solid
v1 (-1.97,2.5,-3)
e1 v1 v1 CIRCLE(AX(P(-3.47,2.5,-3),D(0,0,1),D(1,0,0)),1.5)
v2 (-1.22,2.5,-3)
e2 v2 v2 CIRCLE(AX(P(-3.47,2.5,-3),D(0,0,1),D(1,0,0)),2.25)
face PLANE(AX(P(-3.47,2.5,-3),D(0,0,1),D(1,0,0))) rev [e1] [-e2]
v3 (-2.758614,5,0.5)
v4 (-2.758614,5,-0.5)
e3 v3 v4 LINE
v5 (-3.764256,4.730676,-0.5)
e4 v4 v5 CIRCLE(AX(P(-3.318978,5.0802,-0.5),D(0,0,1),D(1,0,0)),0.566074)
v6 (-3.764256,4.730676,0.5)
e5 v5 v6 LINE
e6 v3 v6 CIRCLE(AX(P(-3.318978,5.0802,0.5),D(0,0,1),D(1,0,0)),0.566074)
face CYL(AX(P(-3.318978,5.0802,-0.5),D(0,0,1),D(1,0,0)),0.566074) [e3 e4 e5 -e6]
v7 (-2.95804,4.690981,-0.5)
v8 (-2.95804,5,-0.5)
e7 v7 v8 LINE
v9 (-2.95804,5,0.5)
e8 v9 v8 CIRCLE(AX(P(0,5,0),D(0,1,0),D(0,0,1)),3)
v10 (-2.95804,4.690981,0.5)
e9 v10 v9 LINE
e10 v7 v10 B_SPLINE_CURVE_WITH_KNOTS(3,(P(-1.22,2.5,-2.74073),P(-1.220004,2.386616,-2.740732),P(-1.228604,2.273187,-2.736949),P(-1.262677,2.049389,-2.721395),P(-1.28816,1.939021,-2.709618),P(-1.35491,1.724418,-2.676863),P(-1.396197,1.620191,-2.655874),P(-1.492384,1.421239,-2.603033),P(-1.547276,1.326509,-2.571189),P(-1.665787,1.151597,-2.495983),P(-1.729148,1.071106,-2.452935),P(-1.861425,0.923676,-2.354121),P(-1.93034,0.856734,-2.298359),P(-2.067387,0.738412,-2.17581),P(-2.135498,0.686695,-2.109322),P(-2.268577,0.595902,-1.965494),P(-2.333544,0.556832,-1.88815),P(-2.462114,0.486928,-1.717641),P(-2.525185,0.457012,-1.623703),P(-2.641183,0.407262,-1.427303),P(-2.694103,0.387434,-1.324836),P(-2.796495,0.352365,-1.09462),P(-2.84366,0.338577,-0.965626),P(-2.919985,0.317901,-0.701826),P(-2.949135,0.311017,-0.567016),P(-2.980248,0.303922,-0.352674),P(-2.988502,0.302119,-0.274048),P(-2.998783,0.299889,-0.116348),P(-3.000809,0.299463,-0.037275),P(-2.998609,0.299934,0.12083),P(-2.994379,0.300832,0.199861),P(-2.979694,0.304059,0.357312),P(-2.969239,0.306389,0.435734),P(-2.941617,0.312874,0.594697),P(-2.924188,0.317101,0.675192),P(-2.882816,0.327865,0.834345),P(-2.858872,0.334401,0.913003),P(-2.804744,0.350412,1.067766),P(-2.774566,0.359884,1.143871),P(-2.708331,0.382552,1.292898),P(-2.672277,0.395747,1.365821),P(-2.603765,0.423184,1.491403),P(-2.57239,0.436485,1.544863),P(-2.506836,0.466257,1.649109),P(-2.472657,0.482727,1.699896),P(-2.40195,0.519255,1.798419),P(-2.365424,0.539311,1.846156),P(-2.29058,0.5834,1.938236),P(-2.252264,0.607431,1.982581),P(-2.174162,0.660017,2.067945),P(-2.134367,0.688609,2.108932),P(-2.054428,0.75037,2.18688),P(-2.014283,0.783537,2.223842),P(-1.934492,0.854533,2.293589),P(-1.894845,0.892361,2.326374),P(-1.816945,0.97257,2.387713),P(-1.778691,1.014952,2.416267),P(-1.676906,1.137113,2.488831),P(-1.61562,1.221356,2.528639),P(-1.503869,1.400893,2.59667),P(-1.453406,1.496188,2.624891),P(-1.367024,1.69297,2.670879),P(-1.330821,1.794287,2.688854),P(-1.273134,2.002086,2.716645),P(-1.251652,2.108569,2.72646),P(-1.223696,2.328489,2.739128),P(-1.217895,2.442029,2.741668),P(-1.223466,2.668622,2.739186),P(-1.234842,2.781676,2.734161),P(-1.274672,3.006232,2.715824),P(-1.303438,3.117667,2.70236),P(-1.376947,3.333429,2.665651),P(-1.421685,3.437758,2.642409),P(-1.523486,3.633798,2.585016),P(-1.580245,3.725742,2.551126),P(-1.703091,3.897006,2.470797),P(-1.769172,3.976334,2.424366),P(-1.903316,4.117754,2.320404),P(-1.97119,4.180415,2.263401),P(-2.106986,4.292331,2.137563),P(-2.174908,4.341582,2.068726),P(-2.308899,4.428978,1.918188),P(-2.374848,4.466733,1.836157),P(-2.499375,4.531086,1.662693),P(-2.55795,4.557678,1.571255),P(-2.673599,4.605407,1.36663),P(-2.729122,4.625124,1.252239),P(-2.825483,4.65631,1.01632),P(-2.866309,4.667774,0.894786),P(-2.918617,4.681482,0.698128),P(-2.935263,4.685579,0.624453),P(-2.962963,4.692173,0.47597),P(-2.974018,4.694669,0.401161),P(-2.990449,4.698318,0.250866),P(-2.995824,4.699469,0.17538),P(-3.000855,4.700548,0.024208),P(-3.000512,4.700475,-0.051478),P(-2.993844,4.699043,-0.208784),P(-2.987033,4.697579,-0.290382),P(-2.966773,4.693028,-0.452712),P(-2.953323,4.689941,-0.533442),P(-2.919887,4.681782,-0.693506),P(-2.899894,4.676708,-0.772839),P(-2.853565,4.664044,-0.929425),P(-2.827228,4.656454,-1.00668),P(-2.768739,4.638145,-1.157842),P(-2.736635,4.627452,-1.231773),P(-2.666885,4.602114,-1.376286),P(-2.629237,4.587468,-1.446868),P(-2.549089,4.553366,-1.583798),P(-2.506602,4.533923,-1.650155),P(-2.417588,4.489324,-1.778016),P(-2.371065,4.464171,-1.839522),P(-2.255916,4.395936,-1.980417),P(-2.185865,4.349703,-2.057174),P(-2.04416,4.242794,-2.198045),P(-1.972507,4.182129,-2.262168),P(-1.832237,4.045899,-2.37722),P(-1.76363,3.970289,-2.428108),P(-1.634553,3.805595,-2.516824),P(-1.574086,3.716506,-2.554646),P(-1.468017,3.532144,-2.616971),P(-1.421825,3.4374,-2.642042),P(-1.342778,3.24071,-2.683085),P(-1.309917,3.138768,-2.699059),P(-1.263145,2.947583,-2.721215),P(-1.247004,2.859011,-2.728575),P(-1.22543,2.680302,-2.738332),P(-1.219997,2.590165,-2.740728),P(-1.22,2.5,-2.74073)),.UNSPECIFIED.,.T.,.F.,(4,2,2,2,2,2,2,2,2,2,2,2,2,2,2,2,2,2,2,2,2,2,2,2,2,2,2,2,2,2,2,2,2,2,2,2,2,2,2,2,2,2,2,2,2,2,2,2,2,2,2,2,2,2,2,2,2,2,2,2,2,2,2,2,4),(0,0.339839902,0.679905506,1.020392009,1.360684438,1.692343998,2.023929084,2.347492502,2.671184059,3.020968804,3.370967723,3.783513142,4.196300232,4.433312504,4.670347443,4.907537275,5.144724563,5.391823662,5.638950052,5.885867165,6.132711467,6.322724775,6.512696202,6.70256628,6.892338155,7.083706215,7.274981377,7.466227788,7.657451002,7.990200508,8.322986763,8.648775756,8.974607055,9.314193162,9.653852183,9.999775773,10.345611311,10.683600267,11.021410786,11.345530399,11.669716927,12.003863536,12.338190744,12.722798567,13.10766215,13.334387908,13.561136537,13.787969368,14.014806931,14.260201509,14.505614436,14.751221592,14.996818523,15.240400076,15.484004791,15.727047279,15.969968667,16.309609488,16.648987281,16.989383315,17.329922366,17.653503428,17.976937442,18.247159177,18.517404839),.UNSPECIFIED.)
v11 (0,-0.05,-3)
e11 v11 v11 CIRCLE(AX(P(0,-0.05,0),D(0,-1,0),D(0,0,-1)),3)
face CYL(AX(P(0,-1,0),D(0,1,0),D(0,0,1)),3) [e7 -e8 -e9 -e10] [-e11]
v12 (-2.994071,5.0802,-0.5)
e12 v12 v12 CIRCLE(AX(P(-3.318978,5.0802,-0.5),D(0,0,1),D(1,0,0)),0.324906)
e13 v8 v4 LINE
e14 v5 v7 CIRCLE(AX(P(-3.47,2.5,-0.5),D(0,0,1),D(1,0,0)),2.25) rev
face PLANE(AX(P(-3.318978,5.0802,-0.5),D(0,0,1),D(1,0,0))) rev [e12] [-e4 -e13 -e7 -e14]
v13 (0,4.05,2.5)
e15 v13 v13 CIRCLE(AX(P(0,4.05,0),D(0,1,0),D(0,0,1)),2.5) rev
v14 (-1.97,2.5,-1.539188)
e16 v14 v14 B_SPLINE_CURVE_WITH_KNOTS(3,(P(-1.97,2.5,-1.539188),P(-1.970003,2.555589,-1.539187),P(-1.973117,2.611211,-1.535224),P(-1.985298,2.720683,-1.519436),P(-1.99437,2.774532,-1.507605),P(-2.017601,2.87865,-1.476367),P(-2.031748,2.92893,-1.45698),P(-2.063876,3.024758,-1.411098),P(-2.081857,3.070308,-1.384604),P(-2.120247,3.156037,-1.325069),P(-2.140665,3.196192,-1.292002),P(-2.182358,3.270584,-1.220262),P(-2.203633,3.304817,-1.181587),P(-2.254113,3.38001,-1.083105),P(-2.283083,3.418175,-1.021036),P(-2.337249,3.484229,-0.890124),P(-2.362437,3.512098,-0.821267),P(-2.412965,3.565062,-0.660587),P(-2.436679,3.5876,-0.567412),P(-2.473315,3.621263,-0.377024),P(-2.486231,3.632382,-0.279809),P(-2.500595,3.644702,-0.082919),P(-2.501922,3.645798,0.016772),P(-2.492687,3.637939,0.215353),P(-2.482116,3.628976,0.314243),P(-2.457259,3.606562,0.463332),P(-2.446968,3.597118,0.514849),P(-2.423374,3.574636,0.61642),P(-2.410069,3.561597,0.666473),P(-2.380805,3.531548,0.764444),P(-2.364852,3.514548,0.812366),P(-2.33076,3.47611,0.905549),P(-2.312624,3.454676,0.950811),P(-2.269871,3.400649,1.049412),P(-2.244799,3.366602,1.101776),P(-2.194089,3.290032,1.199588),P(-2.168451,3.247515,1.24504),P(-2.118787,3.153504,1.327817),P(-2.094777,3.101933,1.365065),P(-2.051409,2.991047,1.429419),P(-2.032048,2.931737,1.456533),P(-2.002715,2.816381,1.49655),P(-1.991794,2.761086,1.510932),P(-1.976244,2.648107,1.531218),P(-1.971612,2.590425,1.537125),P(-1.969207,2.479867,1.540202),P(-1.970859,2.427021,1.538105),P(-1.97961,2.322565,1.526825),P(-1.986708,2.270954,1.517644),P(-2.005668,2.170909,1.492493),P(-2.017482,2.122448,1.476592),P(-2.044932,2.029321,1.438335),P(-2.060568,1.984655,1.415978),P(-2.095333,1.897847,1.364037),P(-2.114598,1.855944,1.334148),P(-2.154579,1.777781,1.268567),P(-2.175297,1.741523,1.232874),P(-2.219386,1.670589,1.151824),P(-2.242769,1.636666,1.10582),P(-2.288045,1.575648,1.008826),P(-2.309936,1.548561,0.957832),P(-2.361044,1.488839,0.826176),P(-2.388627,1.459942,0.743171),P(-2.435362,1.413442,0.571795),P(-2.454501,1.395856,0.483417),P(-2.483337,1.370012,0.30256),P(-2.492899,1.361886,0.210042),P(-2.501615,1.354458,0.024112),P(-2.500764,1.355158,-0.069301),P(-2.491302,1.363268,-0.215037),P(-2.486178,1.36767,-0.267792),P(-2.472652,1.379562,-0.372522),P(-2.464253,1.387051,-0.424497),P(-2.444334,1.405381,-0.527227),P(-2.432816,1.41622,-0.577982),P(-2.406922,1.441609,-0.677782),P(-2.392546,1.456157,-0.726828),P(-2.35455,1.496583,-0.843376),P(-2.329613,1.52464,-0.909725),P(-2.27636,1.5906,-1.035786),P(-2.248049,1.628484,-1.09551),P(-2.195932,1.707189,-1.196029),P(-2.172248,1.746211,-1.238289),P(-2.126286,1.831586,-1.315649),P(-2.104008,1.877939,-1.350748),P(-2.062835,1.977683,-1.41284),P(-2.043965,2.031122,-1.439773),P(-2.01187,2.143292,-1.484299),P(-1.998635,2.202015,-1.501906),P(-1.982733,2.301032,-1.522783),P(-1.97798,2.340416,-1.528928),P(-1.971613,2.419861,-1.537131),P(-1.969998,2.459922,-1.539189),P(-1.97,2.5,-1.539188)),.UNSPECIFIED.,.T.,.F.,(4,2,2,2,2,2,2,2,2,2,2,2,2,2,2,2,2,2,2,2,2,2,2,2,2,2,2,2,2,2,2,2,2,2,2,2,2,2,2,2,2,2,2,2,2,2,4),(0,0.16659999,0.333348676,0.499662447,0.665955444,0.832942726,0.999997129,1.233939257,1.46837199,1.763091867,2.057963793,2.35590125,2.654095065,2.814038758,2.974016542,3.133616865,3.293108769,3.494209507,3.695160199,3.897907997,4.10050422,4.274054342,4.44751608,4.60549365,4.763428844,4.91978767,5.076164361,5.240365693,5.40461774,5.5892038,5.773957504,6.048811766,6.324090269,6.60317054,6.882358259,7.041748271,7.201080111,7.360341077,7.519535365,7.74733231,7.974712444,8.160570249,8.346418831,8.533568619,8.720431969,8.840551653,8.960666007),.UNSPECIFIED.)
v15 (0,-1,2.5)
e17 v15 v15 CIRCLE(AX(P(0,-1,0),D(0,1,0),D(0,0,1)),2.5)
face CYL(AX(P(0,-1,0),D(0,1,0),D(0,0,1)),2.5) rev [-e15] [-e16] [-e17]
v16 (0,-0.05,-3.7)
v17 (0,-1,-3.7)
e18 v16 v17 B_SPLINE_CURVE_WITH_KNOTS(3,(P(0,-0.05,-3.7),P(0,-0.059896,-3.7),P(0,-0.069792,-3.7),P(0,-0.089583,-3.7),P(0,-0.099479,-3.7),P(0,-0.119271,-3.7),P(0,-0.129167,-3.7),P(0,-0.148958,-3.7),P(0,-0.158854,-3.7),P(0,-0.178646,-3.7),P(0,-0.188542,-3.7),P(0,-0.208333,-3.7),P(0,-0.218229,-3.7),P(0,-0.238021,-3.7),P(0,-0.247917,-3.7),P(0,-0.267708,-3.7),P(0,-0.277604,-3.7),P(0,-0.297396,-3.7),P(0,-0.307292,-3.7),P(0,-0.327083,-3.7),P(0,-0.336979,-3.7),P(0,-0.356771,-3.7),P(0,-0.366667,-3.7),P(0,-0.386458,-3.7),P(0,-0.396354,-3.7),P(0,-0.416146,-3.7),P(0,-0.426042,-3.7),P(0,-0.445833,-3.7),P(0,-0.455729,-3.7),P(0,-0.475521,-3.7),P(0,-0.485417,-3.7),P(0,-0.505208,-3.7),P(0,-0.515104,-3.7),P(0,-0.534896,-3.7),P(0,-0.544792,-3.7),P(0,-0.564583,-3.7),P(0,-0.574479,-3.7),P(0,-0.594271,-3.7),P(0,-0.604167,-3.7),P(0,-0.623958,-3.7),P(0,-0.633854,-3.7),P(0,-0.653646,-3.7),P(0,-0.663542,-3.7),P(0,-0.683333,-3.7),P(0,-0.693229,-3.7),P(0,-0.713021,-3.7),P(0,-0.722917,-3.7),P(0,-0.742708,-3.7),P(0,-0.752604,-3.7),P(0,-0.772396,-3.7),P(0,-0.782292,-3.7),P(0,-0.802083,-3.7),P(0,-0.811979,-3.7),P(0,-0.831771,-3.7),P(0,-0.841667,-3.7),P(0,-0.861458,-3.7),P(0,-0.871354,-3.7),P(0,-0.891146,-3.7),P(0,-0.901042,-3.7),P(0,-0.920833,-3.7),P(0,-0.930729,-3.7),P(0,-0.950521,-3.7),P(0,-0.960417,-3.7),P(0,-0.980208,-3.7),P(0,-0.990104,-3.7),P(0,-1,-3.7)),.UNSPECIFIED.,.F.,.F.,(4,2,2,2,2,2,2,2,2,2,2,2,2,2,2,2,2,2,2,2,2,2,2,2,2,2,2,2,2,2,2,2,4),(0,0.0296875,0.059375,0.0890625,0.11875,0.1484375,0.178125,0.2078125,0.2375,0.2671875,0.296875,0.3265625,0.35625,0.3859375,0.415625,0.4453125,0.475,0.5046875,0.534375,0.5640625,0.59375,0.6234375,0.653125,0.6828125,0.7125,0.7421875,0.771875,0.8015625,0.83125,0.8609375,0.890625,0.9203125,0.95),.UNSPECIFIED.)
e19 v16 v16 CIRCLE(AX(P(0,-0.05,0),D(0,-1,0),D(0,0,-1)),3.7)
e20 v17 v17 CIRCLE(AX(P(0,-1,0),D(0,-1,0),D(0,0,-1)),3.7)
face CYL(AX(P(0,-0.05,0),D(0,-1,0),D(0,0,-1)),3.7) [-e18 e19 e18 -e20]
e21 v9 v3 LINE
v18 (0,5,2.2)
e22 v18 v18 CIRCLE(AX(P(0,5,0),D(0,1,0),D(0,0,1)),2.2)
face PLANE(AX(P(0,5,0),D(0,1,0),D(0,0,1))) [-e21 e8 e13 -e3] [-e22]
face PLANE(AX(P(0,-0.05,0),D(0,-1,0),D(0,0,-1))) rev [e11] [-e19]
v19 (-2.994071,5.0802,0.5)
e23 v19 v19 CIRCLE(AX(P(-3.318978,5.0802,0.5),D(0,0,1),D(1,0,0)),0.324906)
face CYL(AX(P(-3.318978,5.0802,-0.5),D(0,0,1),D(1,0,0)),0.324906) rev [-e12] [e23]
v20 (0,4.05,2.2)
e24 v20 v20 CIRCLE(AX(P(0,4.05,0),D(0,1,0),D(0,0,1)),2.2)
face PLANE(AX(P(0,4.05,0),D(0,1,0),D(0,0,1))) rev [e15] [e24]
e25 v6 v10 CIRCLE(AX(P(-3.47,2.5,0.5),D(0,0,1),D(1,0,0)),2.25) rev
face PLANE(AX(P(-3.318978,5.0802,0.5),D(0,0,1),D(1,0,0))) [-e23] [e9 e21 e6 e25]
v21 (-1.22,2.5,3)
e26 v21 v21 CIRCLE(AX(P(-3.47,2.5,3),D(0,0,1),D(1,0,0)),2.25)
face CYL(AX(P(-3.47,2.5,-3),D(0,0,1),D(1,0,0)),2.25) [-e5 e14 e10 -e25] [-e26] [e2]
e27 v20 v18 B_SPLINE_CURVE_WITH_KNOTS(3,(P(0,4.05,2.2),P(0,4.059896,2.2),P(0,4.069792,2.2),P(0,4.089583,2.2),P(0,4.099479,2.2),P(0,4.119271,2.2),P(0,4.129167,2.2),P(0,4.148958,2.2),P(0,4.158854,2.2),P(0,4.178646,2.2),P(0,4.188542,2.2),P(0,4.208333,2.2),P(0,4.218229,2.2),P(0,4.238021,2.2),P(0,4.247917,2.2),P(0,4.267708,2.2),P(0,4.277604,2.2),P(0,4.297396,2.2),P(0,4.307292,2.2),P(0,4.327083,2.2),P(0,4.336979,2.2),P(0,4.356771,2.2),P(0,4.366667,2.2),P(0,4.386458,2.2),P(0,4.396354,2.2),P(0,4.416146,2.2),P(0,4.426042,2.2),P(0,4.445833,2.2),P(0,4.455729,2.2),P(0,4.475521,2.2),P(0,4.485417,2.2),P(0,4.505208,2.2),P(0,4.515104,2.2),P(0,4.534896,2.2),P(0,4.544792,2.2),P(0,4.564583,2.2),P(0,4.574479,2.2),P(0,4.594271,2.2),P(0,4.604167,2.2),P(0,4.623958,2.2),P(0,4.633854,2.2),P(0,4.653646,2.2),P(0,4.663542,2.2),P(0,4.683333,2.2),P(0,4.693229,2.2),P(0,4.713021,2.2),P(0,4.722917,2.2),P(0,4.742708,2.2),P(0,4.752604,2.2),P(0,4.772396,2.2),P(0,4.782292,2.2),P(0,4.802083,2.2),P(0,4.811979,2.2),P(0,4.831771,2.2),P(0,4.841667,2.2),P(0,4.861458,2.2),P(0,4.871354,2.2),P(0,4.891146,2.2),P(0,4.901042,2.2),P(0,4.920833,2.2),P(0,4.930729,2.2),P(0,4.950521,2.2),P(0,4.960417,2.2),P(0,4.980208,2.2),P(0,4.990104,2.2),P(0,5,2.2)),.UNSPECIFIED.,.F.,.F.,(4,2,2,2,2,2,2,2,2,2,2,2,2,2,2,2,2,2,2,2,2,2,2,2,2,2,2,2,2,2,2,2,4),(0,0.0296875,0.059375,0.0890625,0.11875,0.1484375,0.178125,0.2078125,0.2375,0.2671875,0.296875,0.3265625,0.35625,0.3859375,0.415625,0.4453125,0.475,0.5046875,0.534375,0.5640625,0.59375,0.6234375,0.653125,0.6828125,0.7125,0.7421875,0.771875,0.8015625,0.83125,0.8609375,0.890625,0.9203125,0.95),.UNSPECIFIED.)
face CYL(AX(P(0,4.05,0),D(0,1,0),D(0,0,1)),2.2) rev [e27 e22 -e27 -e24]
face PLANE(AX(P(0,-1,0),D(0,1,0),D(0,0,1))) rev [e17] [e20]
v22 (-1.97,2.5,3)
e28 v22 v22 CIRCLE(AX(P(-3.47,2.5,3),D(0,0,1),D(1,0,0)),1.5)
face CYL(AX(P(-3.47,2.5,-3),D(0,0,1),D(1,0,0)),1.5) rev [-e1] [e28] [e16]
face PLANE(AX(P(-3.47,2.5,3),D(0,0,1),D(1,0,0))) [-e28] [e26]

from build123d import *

# Parameters (mm, degrees)
BOSS_EXTRUDE1_DEPTH      = 5
BOSS_EXTRUDE1_DEPTH_BACK = 1
SKETCH1_R                = 3
SKETCH1_R_2              = 2.5
BOSS_EXTRUDE2_DEPTH      = 3
BOSS_EXTRUDE2_DEPTH_BACK = 3
SKETCH2_R                = 2.25
SKETCH2_R_2              = 1.5
SKETCH3_R                = 1.5
CUT_EXTRUDE1_DEPTH       = 10.680826584
SKETCH4_R                = 2.5
CUT_EXTRUDE2_DEPTH       = 9.815804089
BOSS_EXTRUDE3_DEPTH      = 0.5
BOSS_EXTRUDE3_DEPTH_BACK = 0.5
SKETCH5_R                = 0.566074209
SKETCH5_R_2              = 0.324906468
SKETCH6_R                = 3.7
SKETCH6_R_2              = 3
BOSS_EXTRUDE4_DEPTH      = 0.95
BOSS_EXTRUDE5_START      = -0.95
SKETCH7_R                = 2.5
SKETCH7_R_2              = 2.2
BOSS_EXTRUDE5_DEPTH      = 0.95


with BuildPart() as part:
    # Sketch1 → Boss-Extrude1 (new, two sides: drawn at the far end of the back side and taken through both)
    with BuildSketch(Plane(origin=(0, 0, 0), x_dir=(1, 0, 0), z_dir=(0, 1, 0)).offset(-BOSS_EXTRUDE1_DEPTH_BACK)):
        Circle(SKETCH1_R)
        Circle(SKETCH1_R_2, mode=Mode.SUBTRACT)
    extrude(amount=BOSS_EXTRUDE1_DEPTH + BOSS_EXTRUDE1_DEPTH_BACK)

    # Sketch2 → Boss-Extrude2 (add, two sides: drawn at the far end of the back side and taken through both)
    with BuildSketch(Plane.XY.offset(-BOSS_EXTRUDE2_DEPTH_BACK)):
        with Locations((-3.47, 2.5)):
            Circle(SKETCH2_R)
        with Locations((-3.47, 2.5)):
            Circle(SKETCH2_R_2, mode=Mode.SUBTRACT)
    extrude(amount=BOSS_EXTRUDE2_DEPTH + BOSS_EXTRUDE2_DEPTH_BACK)

    # Sketch3 → Cut-Extrude1 (cut, through all)
    with BuildSketch(Plane.XY.offset(3)):
        with Locations((-3.47, 2.5)):
            Circle(SKETCH3_R)
    extrude(amount=-CUT_EXTRUDE1_DEPTH, mode=Mode.SUBTRACT)

    # Sketch4 → Cut-Extrude2 (cut, through all)
    with BuildSketch(Plane(origin=(0, 5, 0), x_dir=(1, 0, 0), z_dir=(0, 1, 0))):
        Circle(SKETCH4_R)
    extrude(amount=-CUT_EXTRUDE2_DEPTH, mode=Mode.SUBTRACT)

    # Sketch5 → Boss-Extrude3 (add, two sides: drawn at the far end of the back side and taken through both)
    with BuildSketch(Plane.XY.offset(-BOSS_EXTRUDE3_DEPTH_BACK)):
        with Locations((-3.318977868, 5.08019985)):
            Circle(SKETCH5_R)
        with Locations((-3.318977868, 5.08019985)):
            Circle(SKETCH5_R_2, mode=Mode.SUBTRACT)
    extrude(amount=BOSS_EXTRUDE3_DEPTH + BOSS_EXTRUDE3_DEPTH_BACK)

    # Sketch6 → Boss-Extrude4 (add)
    with BuildSketch(Plane.XZ.offset(1)):
        Circle(SKETCH6_R)
        Circle(SKETCH6_R_2, mode=Mode.SUBTRACT)
    extrude(amount=-BOSS_EXTRUDE4_DEPTH)

    # Sketch7 → Boss-Extrude5 (add)
    with BuildSketch(Plane(origin=(0, 5, 0), x_dir=(1, 0, 0), z_dir=(0, 1, 0)).offset(BOSS_EXTRUDE5_START)):
        Circle(SKETCH7_R)
        Circle(SKETCH7_R_2, mode=Mode.SUBTRACT)
    extrude(amount=BOSS_EXTRUDE5_DEPTH)


solid = part.part
